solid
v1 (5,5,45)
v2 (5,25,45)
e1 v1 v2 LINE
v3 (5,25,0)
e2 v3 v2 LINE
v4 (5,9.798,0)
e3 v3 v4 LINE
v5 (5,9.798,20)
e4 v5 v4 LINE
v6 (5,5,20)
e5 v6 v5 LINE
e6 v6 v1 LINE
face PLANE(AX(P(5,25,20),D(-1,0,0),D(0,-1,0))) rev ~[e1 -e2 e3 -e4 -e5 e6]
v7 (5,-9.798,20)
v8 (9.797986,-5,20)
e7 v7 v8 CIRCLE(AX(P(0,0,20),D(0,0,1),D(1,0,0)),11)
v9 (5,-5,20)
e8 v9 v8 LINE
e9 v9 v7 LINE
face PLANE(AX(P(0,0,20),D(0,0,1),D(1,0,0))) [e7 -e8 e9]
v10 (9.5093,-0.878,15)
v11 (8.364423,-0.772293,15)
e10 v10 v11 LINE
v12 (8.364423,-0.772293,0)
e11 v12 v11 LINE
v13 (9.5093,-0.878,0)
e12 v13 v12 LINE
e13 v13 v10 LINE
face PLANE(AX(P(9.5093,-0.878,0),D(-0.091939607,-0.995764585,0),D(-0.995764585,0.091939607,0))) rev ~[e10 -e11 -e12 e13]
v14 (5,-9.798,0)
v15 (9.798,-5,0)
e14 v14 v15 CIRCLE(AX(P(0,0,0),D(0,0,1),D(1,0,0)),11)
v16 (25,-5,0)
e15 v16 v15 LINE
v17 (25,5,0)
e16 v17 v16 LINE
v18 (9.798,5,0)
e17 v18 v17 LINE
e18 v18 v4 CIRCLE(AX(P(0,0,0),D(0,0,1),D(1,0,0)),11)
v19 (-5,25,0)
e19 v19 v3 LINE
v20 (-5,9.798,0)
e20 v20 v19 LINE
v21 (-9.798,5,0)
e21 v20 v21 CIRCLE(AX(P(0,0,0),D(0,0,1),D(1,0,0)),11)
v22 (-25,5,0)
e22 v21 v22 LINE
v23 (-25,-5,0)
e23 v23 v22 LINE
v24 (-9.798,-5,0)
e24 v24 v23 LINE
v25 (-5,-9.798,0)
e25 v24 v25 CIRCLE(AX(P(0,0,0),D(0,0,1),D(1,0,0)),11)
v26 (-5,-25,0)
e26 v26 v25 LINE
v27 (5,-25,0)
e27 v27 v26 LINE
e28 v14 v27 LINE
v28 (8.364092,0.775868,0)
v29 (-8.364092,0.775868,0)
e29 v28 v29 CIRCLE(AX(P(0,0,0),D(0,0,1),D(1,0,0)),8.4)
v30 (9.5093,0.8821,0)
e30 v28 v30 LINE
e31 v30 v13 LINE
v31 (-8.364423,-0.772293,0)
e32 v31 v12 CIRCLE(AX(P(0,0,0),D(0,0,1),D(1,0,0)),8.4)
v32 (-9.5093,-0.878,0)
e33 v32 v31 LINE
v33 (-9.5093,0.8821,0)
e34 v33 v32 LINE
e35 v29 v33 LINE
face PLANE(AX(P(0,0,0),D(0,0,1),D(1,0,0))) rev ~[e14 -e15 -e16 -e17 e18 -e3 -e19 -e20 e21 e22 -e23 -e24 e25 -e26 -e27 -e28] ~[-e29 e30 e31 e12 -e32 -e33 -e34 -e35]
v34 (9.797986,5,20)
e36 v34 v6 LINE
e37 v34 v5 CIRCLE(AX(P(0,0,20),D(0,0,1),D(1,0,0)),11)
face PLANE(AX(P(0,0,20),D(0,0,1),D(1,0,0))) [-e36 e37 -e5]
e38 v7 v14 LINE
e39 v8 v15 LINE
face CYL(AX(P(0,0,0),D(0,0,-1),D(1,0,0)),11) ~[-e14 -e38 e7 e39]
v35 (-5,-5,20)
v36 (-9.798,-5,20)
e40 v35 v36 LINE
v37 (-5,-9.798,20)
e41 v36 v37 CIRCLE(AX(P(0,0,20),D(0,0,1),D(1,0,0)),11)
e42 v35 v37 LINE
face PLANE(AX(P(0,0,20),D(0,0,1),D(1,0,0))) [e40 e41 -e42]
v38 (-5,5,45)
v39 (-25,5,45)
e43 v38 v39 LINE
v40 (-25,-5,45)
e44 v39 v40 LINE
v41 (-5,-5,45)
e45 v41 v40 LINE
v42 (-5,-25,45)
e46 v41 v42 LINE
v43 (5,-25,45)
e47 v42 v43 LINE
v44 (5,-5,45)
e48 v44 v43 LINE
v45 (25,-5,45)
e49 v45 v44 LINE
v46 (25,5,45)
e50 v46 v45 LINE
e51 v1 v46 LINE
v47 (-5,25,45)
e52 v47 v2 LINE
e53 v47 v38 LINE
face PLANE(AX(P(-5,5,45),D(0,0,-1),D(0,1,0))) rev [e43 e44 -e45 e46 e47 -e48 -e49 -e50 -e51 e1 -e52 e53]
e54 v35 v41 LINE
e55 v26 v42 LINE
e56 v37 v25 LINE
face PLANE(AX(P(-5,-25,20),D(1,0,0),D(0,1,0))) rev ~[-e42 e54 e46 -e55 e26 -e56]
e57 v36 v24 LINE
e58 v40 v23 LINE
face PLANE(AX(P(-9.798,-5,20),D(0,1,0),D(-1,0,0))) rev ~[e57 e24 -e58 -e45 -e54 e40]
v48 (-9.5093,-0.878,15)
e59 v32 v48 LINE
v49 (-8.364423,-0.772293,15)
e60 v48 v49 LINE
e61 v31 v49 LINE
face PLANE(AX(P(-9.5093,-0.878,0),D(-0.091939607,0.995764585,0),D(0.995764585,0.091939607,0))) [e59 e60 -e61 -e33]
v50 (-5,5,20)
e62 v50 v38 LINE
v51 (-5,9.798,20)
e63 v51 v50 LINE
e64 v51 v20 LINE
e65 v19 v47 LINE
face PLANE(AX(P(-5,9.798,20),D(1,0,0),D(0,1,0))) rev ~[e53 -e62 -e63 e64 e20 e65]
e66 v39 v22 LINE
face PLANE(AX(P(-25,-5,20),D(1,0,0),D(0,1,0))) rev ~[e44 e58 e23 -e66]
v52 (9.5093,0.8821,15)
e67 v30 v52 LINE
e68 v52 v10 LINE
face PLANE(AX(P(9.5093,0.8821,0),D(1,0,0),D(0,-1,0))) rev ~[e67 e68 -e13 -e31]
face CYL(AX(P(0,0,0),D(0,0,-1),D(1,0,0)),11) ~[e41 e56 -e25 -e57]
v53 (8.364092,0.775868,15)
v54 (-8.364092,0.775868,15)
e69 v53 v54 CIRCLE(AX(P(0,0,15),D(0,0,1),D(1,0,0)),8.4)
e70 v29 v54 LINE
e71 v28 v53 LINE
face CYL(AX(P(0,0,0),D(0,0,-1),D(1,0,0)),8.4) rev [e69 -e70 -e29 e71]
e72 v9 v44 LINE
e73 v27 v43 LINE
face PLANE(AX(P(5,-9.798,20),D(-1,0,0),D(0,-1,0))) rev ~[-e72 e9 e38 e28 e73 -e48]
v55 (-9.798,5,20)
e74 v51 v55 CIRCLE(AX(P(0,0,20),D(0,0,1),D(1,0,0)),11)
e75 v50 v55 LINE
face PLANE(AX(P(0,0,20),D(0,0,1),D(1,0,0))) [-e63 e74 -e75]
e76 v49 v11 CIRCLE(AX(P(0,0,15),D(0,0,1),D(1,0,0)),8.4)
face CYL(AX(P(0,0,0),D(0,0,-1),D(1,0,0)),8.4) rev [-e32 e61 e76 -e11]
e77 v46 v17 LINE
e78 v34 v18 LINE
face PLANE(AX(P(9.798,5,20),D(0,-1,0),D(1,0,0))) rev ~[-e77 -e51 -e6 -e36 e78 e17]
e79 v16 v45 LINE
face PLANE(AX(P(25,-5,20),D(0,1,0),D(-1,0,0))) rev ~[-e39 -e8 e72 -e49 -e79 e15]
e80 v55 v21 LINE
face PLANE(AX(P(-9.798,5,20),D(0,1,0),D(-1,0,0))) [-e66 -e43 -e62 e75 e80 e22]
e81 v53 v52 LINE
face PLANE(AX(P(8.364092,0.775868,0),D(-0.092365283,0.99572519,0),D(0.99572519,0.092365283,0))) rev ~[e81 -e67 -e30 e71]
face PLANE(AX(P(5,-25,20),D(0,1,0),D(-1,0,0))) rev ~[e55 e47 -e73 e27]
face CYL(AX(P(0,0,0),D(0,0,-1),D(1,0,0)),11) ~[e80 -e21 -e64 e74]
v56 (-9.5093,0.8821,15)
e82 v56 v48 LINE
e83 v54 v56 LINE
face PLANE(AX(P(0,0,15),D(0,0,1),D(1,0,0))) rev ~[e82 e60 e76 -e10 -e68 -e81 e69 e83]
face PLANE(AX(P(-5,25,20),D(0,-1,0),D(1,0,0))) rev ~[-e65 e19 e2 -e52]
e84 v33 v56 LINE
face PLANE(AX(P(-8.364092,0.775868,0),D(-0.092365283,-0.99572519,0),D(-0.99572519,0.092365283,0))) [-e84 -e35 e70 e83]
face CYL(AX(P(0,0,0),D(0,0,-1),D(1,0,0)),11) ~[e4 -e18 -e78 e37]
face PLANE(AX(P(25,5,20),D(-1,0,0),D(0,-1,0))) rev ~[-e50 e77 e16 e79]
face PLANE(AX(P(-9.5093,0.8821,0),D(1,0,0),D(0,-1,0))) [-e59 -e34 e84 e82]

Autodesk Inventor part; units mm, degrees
ref_plane "YZ Plane" through (0, 0, 0) normal (1, 0, 0) x (0, 1, 0)
ref_plane "XZ Plane" through (0, 0, 0) normal (0, 1, 0) x (-1, 0, 0)
ref_plane "XY Plane" through (0, 0, 0) normal (0, 0, 1) x (1, 0, 0)
sketch "Sketch1" plane through (0, 0, 0) normal (0, 0, 1) x (1, 0, 0)
  circle A0 centre (0, 0) radius 8.4
  circle A1 centre (0, 0) radius 11
  line L0 (9.5093, -0.878) -> (0, 0)
  line L1 (0, 0) -> (9.5093, 0.8821)
  line L2 (9.5093, 0.8821) -> (9.5093, -0.878)
  line L3 (0, 0) -> (-9.5093, 0.8821)
  line L4 (-9.5093, 0.8821) -> (-9.5093, -0.878)
  line L5 (-9.5093, -0.878) -> (0, 0)
  point P0 (8.3644, -0.7723)
  point P1 (-8.3644, -0.7723)
  point P2 (-8.3641, 0.7759)
  point P3 (8.3641, 0.7759)
  dimension "d0" = 16.8
  dimension "d1" = 22
extrude "Extrusion1" add sketch "Sketch1" along normal blind 15
sketch "Sketch2" plane through (0, 0, 15) normal (0, 0, 1) x (1, 0, 0)
  circle A0 centre (0, 0) radius 11
extrude "Extrusion2" add sketch "Sketch2" along normal blind 5
sketch "Sketch3" plane through (0, 0, 20) normal (0, 0, 1) x (1, 0, 0)
  line L0 (-5, 5) -> (5, 5)
  line L1 (5, 5) -> (5, -5)
  line L2 (5, -5) -> (-5, -5)
  line L3 (-5, -5) -> (-5, 5)
  line L4 (-5, 5) -> (5, -5) construction
  line L5 (5, 5) -> (-5, -5) construction
  point P0 (0, 0)
  dimension "d6" = 10
  dimension "d7" = 10
extrude "Extrusion3" add sketch "Sketch3" along normal blind 25
sketch "Sketch4" plane through (-5, 5, 20) normal (0, 1, 0) x (1, 0, 0)
  point P0 (5, 20)
sketch "Sketch5" plane through (-5, 5, 20) normal (0, 1, 0) x (1, 0, 0)
  line L0 (10, 0) -> (0, 0) projected
  line L1 (0, -25) -> (10, -25) projected
  line L2 (0, 0) -> (10, 0)
  line L3 (10, 0) -> (10, -25)
  line L4 (10, -25) -> (0, -25)
  line L5 (0, -25) -> (0, 0)
  point P0 (5, 20)
sketch "Sketch6" plane through (5, -5, 20) normal (1, 0, 0) x (0, 0, -1)
  line L0 (0, 10) -> (0, 0) projected
  line L1 (0, 0) -> (-25, 0) projected
  line L2 (0, 10) -> (-25, 10)
  line L3 (-25, 10) -> (-25, 0)
  line L4 (-25, 0) -> (0, 0)
  line L5 (0, 0) -> (0, 10)
  point P0 (20, 5)
extrude "Extrusion4" add sketch "Sketch6" along normal blind 20
extrude "Extrusion5" add sketch "Sketch5" along normal blind 20
mirror "Mirror1" about plane through (0, 0, 0) normal (0, 1, 0) of "Extrusion4", "Extrusion5"
mirror "Mirror2" about plane through (0, 0, 0) normal (1, 0, 0) of "Extrusion4"
sketch "Sketch7" plane through (25, 5, 20) normal (0, 0, -1) x (-1, 0, 0)
  line L0 (0, 0) -> (0, -10) projected
  arc A0 (20, 4.798) -> (15.202, 0) centre (25, -5) ccw projected
  line L1 (0, -10) -> (15.202, -10)
  line L2 (15.202, -10) -> (15.202, 0)
  line L3 (15.202, 0) -> (0, 0)
  line L4 (0, 0) -> (0, -10)
  arc A1 (15.202, 0) -> (15.202, -10) centre (25, -5) ccw projected
  circle A2 centre (25, -5) radius 11
  line L5 (20, -10) -> (20, -30) projected
  line L6 (30, -30) -> (30, -10) projected
  line L7 (20, -30) -> (30, -30)
  line L8 (30, -30) -> (30, -14.798)
  line L9 (30, -14.798) -> (20, -14.798)
  line L10 (20, -14.798) -> (20, -30)
  line L11 (30, 0) -> (30, 20) projected
  arc A3 (30, 4.798) -> (20, 4.798) centre (25, -5) ccw projected
  line L12 (30, 20) -> (20, 20)
  line L13 (20, 20) -> (20, 4.798)
  line L14 (20, 4.798) -> (30, 4.798)
  line L15 (30, 4.798) -> (30, 20)
  line L16 (30, 0) -> (50, 0) projected
  arc A4 (34.798, -10) -> (34.798, 0) centre (25, -5) ccw projected
  line L17 (50, 0) -> (34.798, 0)
  line L18 (34.798, 0) -> (34.798, -10)
  line L19 (34.798, -10) -> (50, -10)
  line L20 (50, -10) -> (50, 0)
  point P0 (30, 4.798)
extrude "Extrusion6" add sketch "Sketch7" along normal blind 20 contours L3 A1 L1 L0 | L13 L12 L11 A2 | A2 L6 L7 L5 | L16 L20 L19 A2
properties part number "2xxx_Rx_Coil_Winder_MPSv2_v1"
